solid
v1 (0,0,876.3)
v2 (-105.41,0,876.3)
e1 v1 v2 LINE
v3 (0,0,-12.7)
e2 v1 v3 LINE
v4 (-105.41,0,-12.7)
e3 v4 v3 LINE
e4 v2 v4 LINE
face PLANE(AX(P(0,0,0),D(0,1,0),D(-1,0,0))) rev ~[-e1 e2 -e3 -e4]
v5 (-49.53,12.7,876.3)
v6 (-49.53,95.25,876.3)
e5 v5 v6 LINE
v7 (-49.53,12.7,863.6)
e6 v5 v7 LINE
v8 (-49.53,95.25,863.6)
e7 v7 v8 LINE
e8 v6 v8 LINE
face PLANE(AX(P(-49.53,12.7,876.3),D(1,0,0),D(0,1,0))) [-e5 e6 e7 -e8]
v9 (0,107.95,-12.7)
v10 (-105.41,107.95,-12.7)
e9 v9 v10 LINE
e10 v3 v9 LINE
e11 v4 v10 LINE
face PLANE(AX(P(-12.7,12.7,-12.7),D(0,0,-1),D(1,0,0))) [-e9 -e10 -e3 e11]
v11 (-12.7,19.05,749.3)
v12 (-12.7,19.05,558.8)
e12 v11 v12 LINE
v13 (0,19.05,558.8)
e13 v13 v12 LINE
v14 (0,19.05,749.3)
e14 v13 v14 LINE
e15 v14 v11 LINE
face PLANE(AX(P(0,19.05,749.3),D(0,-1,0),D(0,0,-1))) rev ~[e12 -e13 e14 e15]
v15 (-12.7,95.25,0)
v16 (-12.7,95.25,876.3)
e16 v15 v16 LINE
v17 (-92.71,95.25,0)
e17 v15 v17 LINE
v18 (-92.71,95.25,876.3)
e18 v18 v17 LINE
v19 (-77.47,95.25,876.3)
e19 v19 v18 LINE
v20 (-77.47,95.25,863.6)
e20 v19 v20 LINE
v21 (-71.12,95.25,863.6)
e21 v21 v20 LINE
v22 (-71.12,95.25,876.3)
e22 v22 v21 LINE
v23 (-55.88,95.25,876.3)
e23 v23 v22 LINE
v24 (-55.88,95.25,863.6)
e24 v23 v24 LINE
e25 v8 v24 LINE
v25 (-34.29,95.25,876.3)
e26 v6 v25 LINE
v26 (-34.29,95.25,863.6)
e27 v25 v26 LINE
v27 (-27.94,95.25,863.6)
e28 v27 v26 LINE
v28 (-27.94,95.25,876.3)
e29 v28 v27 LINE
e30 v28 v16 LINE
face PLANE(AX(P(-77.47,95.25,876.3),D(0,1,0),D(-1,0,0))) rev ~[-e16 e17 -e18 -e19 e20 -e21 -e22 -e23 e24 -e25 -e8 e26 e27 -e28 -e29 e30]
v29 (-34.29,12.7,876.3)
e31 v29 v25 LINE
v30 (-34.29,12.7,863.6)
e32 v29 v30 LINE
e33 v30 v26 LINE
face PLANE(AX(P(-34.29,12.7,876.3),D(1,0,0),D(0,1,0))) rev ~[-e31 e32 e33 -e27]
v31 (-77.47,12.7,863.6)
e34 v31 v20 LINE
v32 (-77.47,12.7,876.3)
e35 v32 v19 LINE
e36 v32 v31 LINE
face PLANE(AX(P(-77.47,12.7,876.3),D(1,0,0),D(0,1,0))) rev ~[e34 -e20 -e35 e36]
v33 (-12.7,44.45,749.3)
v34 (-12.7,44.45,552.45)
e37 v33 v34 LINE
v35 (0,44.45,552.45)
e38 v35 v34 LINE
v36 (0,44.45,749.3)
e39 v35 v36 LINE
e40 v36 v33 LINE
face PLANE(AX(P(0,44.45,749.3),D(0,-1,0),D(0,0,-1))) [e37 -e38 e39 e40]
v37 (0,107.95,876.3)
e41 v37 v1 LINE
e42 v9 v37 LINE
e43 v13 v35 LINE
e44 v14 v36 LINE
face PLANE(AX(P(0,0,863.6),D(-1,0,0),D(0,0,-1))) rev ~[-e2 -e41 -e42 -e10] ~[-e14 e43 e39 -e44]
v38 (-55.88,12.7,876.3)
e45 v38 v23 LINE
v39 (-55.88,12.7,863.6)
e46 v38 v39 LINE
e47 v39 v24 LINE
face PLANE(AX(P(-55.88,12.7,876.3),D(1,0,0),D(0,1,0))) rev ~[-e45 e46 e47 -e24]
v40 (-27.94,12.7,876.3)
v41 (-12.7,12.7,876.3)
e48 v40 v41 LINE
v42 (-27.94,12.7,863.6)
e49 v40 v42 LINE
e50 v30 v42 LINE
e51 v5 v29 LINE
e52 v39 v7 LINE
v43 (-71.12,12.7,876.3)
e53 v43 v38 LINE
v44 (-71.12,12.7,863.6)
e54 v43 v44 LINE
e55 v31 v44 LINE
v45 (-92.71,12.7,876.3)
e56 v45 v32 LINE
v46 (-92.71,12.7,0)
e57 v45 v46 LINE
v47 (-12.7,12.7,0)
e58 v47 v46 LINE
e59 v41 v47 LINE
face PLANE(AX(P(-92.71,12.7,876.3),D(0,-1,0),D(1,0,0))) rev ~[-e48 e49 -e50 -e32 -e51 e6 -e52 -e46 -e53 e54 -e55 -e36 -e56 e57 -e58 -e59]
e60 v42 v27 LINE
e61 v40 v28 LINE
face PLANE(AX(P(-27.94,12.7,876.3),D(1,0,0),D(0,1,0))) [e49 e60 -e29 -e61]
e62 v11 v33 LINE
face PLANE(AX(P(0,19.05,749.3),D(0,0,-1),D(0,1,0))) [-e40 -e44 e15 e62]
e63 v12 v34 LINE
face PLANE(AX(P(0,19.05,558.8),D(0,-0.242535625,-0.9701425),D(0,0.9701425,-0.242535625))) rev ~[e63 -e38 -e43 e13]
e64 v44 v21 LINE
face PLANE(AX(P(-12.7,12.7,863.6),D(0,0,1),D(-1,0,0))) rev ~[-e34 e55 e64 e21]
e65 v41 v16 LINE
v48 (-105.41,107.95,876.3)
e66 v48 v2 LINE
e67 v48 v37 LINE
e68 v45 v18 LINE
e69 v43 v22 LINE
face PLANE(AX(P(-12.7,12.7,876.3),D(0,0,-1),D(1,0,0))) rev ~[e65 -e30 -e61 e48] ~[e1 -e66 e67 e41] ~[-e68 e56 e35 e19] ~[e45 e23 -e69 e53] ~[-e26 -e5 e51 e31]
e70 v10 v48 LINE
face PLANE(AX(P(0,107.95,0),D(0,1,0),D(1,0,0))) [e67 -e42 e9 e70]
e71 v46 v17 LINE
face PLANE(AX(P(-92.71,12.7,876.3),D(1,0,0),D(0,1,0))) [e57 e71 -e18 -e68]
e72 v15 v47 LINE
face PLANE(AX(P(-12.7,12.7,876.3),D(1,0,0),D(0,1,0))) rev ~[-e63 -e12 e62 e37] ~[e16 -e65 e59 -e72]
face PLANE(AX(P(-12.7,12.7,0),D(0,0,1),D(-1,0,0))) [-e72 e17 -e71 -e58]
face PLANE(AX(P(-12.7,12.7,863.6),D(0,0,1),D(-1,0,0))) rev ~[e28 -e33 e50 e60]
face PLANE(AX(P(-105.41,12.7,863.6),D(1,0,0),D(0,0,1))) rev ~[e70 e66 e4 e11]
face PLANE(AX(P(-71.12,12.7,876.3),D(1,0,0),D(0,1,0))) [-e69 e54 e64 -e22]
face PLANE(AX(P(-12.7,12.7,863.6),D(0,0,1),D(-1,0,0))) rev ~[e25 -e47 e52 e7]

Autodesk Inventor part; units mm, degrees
ref_plane "YZ Plane" through (0, 0, 0) normal (1, 0, 0) x (0, 1, 0)
ref_plane "XZ Plane" through (0, 0, 0) normal (0, 1, 0) x (-1, 0, 0)
ref_plane "XY Plane" through (0, 0, 0) normal (0, 0, 1) x (1, 0, 0)
sketch "Sketch1" plane through (0, 0, 0) normal (0, 1, 0) x (-1, 0, 0)
  line L0 (0, 0) -> (105.41, 0)
  line L1 (105.41, 0) -> (105.41, 863.6)
  line L2 (105.41, 863.6) -> (0, 863.6)
  line L3 (0, 863.6) -> (0, 0)
  dimension "d0" = 105.41
  dimension "d1" = 863.6
extrude "Extrusion1" add sketch "Sketch1" along normal blind 12.7
sketch "Sketch2" plane through (0, 12.7, 0) normal (0, 1, 0) x (1, 0, 0)
  line L0 (0, 0) -> (-105.41, 0) projected
  line L1 (0, 0) -> (-12.7, 0)
  line L2 (-12.7, 0) -> (-12.7, 12.7)
  line L3 (-12.7, 12.7) -> (0, 12.7)
  line L4 (0, 12.7) -> (0, 0)
  line L5 (-105.41, 0) -> (-105.41, -863.6) projected
  line L6 (0, 12.7) -> (-105.41, 12.7)
  line L7 (-105.41, 12.7) -> (-105.41, 0)
  line L8 (-105.41, 0) -> (0, 0)
  line L9 (0, 0) -> (0, 12.7)
  line L10 (0, -863.6) -> (0, 0) projected
  line L11 (0, -863.6) -> (-105.41, -863.6)
  line L12 (-105.41, -863.6) -> (-105.41, -876.3)
  line L13 (-105.41, -876.3) -> (0, -876.3)
  line L14 (0, -876.3) -> (0, -863.6)
  line L15 (-105.41, -863.6) -> (-92.71, -863.6)
  line L16 (-92.71, -863.6) -> (-92.71, 12.7)
  line L17 (-92.71, 12.7) -> (-105.41, 12.7)
  line L18 (-105.41, 12.7) -> (-105.41, -863.6)
  line L19 (0, 12.7) -> (-12.7, 12.7)
  line L20 (-12.7, 12.7) -> (-12.7, -876.3)
  line L21 (-12.7, -876.3) -> (0, -876.3)
  line L22 (0, -876.3) -> (0, 12.7)
  point P0 (-12.7, -863.6)
  point P1 (-92.71, 0)
  dimension "d4" = 12.7
  dimension "d5" = 12.7
  dimension "d6" = 12.7
  dimension "d7" = 12.7
  dimension "d8" = 12.7
extrude "Extrusion2" add sketch "Sketch2" along normal blind 95.25 and the other way blind 12.7 contours L10 L11 L20 L0 | L0 L2 L3 L4 | L0 L16 L6 L2 | L14 L13 L20 L11 | L16 L11 L5 L0 | L0 L7 L6 L16 | L20 L13 L12 L11
sketch "Sketch3" plane through (-105.41, 107.95, 876.3) normal (0, 0, 1) x (1, 0, 0)
  line L0 (12.7, -95.25) -> (92.71, -95.25) projected
  line L1 (12.7, -95.25) -> (12.7, 0) projected
  line L2 (92.71, -95.25) -> (92.71, 0) projected
  line L3 (92.71, -95.25) -> (77.47, -95.25)
  line L4 (77.47, -95.25) -> (77.47, -12.7)
  line L5 (77.47, -12.7) -> (92.71, -12.7)
  line L6 (92.71, -12.7) -> (92.71, -95.25)
  line L7 (12.7, -95.25) -> (27.94, -95.25)
  line L8 (27.94, -95.25) -> (27.94, -12.7)
  line L9 (27.94, -12.7) -> (12.7, -12.7)
  line L10 (12.7, -12.7) -> (12.7, -95.25)
  line L11 (27.94, -95.25) -> (34.29, -95.25)
  line L12 (34.29, -95.25) -> (34.29, -12.7)
  line L13 (34.29, -12.7) -> (27.94, -12.7)
  line L14 (27.94, -12.7) -> (27.94, -95.25)
  line L15 (77.47, -95.25) -> (71.12, -95.25)
  line L16 (71.12, -95.25) -> (71.12, -12.7)
  line L17 (71.12, -12.7) -> (77.47, -12.7)
  line L18 (77.47, -12.7) -> (77.47, -95.25)
  line L19 (34.29, -95.25) -> (49.53, -95.25)
  line L20 (49.53, -95.25) -> (49.53, -12.7)
  line L21 (49.53, -12.7) -> (34.29, -12.7)
  line L22 (34.29, -12.7) -> (34.29, -95.25)
  line L23 (71.12, -95.25) -> (55.88, -95.25)
  line L24 (55.88, -95.25) -> (55.88, -12.7)
  line L25 (55.88, -12.7) -> (71.12, -12.7)
  line L26 (71.12, -12.7) -> (71.12, -95.25)
  point P0 (105.41, -107.95)
  dimension "d13" = 15.24
  dimension "d14" = 82.55
  dimension "d15" = 15.24
  dimension "d16" = 6.35
  dimension "d17" = 6.35
  dimension "d18" = 15.24
  dimension "d19" = 15.24
extrude "Extrusion3" cut sketch "Sketch3" against normal blind 95.25 contours L1 L9 L8 L0 | L24 L25 L16 L0 | L12 L21 L20 L0 | L4 L5 L2 L0
sketch "Sketch5" plane through (-105.41, 107.95, 876.3) normal (0, 0, 1) x (1, 0, 0)
  line L0 (71.12, -95.25) -> (55.88, -95.25) projected
  line L1 (55.88, -95.25) -> (55.88, -12.7) projected
  line L2 (55.88, -12.7) -> (71.12, -12.7) projected
  line L3 (71.12, -12.7) -> (71.12, -95.25) projected
  line L4 (49.53, -95.25) -> (34.29, -95.25) projected
  line L5 (34.29, -95.25) -> (34.29, -12.7) projected
  line L6 (34.29, -12.7) -> (49.53, -12.7) projected
  line L7 (49.53, -12.7) -> (49.53, -95.25) projected
  line L8 (92.71, -95.25) -> (77.47, -95.25) projected
  line L9 (77.47, -95.25) -> (77.47, -12.7) projected
  line L10 (77.47, -12.7) -> (92.71, -12.7) projected
  line L11 (92.71, -12.7) -> (92.71, -95.25) projected
  line L12 (27.94, -95.25) -> (12.7, -95.25) projected
  line L13 (12.7, -95.25) -> (12.7, -12.7) projected
  line L14 (12.7, -12.7) -> (27.94, -12.7) projected
  line L15 (27.94, -12.7) -> (27.94, -95.25) projected
  line L16 (105.41, -107.95) -> (105.41, 0) projected
  line L17 (0, 0) -> (105.41, 0) projected
  line L18 (0, -107.95) -> (0, 0) projected
  line L19 (105.41, -107.95) -> (0, -107.95) projected
  line L20 (92.71, 0) -> (12.7, 0) projected
  circle A0 centre (52.705, 26.3525) radius 26.3525
  dimension "d40" = 52.705
extrude "Extrusion4" add sketch "Sketch5" against normal blind 1270 contours A0
sketch "Sketch6" plane through (0, 0, -12.7) normal (1, 0, 0) x (0, 0, -1)
  line L0 (0, 0) -> (-889, 0) projected
  line L1 (-444.5, 0) -> (-444.5, 160.655)
  line L2 (-889, 160.655) -> (381, 160.655) projected
  line L3 (-444.5, 160.655) -> (-444.5, 167.005)
  line L4 (-444.5, 0) -> (-444.5, -6.35)
  line L5 (-444.5, 167.005) -> (-428.625, 167.005)
  line L6 (-428.625, 167.005) -> (-460.375, 167.005)
  line L7 (-428.625, 167.005) -> (-460.375, 167.005)
  line L8 (-460.375, 167.005) -> (-460.375, -6.35)
  line L9 (-460.375, -6.35) -> (-428.625, -6.35)
  line L10 (-428.625, -6.35) -> (-428.625, 167.005)
  line L11 (-889, 0) -> (-793.75, 0)
  line L12 (0, 107.95) -> (0, 0) projected
  line L13 (0, 0) -> (-95.25, 0)
  line L14 (-95.25, 0) -> (-95.25, -6.35)
  line L15 (-793.75, 0) -> (-793.75, -6.35)
  line L16 (-793.75, -6.35) -> (-762, -6.35)
  line L17 (-762, -6.35) -> (-762, 167.005)
  line L18 (-762, 167.005) -> (-793.75, 167.005)
  line L19 (-793.75, 167.005) -> (-793.75, -6.35)
  line L20 (-95.25, -6.35) -> (-127, -6.35)
  line L21 (-127, -6.35) -> (-127, 167.005)
  line L22 (-127, 167.005) -> (-95.25, 167.005)
  line L23 (-95.25, 167.005) -> (-95.25, -6.35)
  line L24 (-111.125, 167.005) -> (-111.125, -6.35)
  line L25 (-777.875, -6.35) -> (-777.875, 167.005)
  line L26 (-777.875, 79.2503) -> (-762, 79.2503)
  line L27 (-111.125, 68.9503) -> (-95.25, 68.9503)
  line L28 (-451.8389, 167.005) -> (-451.8389, 163.0426)
  circle A0 centre (-444.5, 148.7424) radius 10.8761
  circle A1 centre (-444.5, 11.9126) radius 11.9126
  line L29 (-456.4123, 12.0028) -> (-455.3758, 148.8248)
  line L30 (-433.6242, 148.8248) -> (-432.5877, 12.0028)
  line L31 (-127, 12.7) -> (-139.7, 12.7)
  line L32 (-139.7, 12.7) -> (-165.1, 12.7)
  line L33 (-460.375, 21.426) -> (-473.075, 21.426)
  line L34 (0, 107.95) -> (-889, 107.95) projected
  line L35 (-524.7767, 107.95) -> (-524.7767, 0)
  line L36 (-524.7767, 53.975) -> (-485.775, 53.975)
  circle A2 centre (-485.775, 53.975) radius 12.7
  line L37 (-498.475, 0) -> (-498.475, -3.175)
  line L38 (-498.475, -3.175) -> (-473.075, -3.175)
  line L39 (-473.075, -3.175) -> (-473.075, 53.975)
  line L40 (-498.475, 53.975) -> (-498.475, 0)
  line L41 (-694.0635, 0) -> (-694.0635, 19.05)
  line L42 (-762, 19.05) -> (-571.5, 19.05)
  line L43 (-687.1312, 19.05) -> (-687.1312, 44.45)
  line L44 (-762, 44.45) -> (-565.15, 44.45)
  line L45 (-571.5, 19.05) -> (-565.15, 44.45)
  point P0 (-12.7, 0)
  dimension "d25" = 6.35
  dimension "d26" = 6.35
  dimension "d27" = 15.875
  dimension "d28" = 31.75
  dimension "d29" = 95.25
  dimension "d30" = 95.25
  dimension "d31" = 6.35
  dimension "d32" = 6.35
  dimension "d33" = 31.75
  dimension "d34" = 31.75
  dimension "d35" = 3.9624
  dimension "d39" = 23.8252
  dimension "d41" = 12.7
  dimension "d42" = 25.4
  dimension "d43" = 12.7
  dimension "d45" = 19.05
  dimension "d46" = 190.5
  dimension "d47" = 25.4
  dimension "d48" = 196.85
sketch "Sketch7" plane through (-105.41, 0, 876.3) normal (0, 0, 1) x (1, 0, 0)
  point P0 (105.41, 0)
extrude "Extrusion5" cut sketch "Sketch6" against normal blind 15.24 contours L42 L17 L44 L43 | L43 L44 L45 L42
sketch "Sketch8" plane through (0, 107.95, 0) normal (0, 1, 0) x (1, 0, 0)
  line L0 (0, -876.3) -> (0, 12.7) projected
  line L1 (-105.41, 12.7) -> (-105.41, -876.3) projected
  line L2 (0, 12.7) -> (-105.41, 12.7)
  line L3 (-105.41, 12.7) -> (-105.41, -876.3)
  line L4 (-105.41, -876.3) -> (0, -876.3)
  line L5 (0, -876.3) -> (0, 12.7)
  point P0 (0, 0)
extrude "Extrusion6" add sketch "Sketch8" against normal blind 12.7
sketch "Sketch9" plane through (-52.705, 134.3025, 876.3) normal (0, 0, 1) x (1, 0, 0)
  line L0 (-52.705, -26.3525) -> (0, -26.3525) projected
  line L1 (-39.5109, -26.3525) -> (301.585, -26.3525)
  line L2 (301.585, -26.3525) -> (301.585, 239.994)
  line L3 (301.585, 239.994) -> (-39.5109, 239.994)
  line L4 (-39.5109, 239.994) -> (-39.5109, -26.3525)
  point P0 (52.705, -134.3025)
extrude "Extrusion7" cut sketch "Sketch9" against normal through all
sketch "Sketch10" plane through (-105.41, 0, 876.3) normal (0, 0, 1) x (1, 0, 0)
  point P0 (105.41, 0)
properties part number "box"
